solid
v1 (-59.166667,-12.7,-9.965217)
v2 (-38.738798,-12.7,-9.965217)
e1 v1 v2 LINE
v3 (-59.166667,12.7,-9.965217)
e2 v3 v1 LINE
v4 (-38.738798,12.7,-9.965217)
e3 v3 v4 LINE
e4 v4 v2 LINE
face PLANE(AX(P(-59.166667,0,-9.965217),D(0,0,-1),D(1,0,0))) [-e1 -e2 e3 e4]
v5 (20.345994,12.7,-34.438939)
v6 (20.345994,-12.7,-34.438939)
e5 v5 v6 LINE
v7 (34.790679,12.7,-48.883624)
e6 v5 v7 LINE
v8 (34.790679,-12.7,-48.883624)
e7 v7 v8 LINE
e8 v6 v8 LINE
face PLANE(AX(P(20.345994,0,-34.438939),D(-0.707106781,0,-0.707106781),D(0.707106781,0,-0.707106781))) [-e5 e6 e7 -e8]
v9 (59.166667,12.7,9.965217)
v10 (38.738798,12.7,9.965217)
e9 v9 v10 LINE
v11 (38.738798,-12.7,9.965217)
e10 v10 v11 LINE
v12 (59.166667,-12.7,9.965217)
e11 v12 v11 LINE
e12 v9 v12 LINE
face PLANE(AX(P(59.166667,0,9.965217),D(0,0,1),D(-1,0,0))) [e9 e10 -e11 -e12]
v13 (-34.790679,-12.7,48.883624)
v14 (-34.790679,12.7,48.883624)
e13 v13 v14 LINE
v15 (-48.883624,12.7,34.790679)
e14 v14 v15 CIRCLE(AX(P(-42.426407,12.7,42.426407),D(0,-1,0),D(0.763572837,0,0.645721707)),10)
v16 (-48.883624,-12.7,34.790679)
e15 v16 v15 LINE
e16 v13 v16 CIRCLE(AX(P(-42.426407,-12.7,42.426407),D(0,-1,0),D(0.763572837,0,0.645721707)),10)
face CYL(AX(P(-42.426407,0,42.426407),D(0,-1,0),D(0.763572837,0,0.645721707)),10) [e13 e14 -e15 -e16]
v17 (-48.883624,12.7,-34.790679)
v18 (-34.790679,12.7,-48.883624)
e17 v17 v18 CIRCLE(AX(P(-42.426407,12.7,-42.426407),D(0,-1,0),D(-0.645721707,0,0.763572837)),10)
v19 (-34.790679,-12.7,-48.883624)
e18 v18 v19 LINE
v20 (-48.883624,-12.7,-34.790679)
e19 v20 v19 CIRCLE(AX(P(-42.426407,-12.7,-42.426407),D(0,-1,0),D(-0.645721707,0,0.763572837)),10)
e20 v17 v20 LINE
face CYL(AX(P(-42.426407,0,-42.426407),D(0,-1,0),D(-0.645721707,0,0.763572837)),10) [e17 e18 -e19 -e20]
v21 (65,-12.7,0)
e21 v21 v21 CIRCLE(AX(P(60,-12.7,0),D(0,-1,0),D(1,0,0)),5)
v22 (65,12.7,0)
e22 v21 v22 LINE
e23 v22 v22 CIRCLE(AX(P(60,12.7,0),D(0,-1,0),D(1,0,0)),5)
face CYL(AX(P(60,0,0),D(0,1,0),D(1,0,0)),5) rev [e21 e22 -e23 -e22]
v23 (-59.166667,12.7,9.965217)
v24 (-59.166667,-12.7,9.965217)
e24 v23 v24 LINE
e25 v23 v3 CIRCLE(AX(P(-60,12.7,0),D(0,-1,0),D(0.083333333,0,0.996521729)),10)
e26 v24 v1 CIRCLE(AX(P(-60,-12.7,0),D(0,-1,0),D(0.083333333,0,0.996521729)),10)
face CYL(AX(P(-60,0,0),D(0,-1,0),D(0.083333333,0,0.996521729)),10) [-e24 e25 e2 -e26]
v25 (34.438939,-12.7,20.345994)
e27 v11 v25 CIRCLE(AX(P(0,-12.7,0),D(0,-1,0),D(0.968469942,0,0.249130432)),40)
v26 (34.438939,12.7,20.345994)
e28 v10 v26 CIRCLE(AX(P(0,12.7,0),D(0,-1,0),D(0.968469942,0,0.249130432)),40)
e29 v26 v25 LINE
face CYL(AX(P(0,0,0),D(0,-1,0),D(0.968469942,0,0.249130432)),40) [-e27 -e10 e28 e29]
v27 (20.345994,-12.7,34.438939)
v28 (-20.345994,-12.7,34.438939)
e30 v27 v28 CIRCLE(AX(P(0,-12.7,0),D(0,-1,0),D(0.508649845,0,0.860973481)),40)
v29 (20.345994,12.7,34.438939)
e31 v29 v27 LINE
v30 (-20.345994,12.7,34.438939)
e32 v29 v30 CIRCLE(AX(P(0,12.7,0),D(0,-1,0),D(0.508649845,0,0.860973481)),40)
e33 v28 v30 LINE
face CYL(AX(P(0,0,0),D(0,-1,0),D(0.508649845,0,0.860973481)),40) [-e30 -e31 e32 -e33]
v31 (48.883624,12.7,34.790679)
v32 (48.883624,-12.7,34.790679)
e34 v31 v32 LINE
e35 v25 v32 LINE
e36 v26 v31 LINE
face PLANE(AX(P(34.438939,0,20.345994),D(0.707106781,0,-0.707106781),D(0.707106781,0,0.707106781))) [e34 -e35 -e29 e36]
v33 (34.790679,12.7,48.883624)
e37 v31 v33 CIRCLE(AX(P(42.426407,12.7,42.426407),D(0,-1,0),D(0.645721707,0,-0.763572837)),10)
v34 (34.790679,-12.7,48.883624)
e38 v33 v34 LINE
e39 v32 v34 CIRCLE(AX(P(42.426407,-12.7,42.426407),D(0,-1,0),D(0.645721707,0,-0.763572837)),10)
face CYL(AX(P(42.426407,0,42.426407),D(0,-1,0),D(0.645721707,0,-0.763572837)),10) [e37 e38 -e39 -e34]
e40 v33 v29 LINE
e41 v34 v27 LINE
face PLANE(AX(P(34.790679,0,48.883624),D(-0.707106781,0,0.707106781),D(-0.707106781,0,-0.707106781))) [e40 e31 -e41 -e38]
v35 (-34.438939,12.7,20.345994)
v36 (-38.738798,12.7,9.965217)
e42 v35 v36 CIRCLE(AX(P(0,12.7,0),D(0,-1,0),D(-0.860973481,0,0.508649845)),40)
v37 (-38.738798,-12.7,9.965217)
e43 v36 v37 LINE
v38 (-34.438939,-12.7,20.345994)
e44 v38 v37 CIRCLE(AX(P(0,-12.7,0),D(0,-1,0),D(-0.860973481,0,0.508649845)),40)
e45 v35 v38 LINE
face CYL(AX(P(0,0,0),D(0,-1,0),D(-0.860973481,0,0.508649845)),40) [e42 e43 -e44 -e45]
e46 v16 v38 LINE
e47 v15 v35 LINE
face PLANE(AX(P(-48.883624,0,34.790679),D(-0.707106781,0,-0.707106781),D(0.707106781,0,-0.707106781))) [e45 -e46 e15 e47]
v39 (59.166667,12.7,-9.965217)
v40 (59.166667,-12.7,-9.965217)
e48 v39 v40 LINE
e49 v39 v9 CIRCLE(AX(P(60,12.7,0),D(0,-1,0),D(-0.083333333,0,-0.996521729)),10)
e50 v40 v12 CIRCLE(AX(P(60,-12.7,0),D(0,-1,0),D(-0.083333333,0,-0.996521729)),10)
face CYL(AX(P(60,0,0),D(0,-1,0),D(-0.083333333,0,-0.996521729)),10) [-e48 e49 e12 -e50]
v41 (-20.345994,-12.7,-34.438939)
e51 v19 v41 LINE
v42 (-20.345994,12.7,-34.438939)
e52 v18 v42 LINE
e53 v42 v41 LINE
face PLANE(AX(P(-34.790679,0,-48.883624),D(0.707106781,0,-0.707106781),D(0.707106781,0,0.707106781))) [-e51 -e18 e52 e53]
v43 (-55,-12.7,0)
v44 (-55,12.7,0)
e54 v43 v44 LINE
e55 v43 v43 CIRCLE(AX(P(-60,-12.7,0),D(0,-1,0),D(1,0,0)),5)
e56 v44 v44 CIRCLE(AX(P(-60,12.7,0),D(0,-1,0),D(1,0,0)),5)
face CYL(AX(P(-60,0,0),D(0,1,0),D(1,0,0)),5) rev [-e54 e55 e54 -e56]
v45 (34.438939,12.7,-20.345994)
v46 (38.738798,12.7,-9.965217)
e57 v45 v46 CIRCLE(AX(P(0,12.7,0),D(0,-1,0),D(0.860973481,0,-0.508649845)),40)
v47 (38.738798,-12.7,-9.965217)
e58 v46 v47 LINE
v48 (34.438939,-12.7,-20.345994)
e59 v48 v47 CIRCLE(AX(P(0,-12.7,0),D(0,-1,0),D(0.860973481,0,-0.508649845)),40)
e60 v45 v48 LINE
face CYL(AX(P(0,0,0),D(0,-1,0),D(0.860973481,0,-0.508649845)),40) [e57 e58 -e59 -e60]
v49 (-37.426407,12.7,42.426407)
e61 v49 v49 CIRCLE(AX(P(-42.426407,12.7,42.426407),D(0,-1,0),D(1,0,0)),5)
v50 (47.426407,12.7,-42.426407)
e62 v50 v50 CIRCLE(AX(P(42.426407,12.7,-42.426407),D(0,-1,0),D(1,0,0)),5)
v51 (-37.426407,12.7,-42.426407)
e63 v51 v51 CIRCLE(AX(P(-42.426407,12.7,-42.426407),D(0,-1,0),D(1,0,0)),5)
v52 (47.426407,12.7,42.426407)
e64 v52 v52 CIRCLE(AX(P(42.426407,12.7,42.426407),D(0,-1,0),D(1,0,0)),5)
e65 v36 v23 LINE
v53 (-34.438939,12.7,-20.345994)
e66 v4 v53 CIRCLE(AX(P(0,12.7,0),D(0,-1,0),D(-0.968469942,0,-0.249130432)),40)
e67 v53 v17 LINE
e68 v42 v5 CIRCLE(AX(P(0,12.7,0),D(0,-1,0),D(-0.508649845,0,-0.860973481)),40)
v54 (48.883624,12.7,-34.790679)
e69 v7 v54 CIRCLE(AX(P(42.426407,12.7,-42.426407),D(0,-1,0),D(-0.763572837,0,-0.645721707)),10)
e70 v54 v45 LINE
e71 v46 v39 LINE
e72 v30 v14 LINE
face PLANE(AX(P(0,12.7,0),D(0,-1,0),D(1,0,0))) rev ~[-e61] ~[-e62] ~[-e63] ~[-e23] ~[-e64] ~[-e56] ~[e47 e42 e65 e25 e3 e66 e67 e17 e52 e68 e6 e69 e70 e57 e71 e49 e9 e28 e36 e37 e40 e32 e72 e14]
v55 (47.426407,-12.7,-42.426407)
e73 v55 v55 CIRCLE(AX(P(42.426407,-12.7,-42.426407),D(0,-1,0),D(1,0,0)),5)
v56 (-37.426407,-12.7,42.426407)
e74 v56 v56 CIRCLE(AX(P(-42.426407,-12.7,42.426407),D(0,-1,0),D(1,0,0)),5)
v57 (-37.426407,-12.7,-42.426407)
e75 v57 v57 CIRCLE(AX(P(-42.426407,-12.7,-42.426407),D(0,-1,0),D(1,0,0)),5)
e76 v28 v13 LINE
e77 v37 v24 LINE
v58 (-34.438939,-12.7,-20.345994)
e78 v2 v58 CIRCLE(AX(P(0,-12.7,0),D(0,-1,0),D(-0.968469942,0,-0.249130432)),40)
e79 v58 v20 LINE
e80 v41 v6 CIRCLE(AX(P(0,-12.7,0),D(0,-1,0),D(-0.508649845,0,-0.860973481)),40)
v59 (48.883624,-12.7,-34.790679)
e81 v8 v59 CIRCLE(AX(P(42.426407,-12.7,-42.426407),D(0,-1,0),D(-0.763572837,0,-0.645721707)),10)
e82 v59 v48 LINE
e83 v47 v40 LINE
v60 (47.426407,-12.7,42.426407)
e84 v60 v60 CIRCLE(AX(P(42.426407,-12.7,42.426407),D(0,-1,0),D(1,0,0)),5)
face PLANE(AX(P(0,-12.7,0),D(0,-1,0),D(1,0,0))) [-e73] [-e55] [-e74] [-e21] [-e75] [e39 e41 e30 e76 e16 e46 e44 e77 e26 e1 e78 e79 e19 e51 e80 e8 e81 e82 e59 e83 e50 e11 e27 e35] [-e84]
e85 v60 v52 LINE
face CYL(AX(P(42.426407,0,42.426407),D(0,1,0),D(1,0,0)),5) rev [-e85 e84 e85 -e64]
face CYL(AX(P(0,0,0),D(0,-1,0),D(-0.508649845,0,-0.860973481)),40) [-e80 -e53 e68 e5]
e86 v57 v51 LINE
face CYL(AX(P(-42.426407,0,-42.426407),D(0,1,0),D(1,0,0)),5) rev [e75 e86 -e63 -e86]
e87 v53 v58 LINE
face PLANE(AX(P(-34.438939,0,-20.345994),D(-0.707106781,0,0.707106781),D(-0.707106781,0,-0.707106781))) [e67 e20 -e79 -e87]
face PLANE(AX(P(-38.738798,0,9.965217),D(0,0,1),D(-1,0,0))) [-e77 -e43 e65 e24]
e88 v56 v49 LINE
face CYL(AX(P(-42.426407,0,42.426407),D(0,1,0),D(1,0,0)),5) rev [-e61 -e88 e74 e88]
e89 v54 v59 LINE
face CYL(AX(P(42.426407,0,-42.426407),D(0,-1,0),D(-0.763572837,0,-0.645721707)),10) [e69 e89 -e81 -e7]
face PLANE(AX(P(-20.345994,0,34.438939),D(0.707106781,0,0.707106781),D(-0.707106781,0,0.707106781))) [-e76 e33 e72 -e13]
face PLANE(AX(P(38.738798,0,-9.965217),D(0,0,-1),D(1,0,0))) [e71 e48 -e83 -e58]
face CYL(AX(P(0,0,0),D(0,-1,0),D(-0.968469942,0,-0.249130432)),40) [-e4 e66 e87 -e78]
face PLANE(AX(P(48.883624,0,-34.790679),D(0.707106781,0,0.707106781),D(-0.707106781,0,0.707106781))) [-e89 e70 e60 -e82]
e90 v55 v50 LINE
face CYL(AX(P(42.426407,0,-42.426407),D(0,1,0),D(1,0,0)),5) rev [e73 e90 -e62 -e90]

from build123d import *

# Parameters (mm, degrees)
F0_R     = 5
F0_R_2   = 30
F1_DEPTH = 12.7


with BuildPart() as f1:
    # F0 (on Front) → F1 (new body, symmetric)
    with BuildSketch(Plane.XZ):
        with BuildLine():
            Line((-48.8836239391, 34.7906785013), (-34.438939242, 20.3459938043))
            ThreePointArc((-34.438939242, 20.3459938043), (-36.9551813005, 15.3073372946), (-38.7387976639, 9.9652172859))
            Line((-38.7387976639, 9.9652172859), (-59.1666666667, 9.9652172859))
            ThreePointArc((-59.1666666667, 9.9652172859), (-70, 0), (-59.1666666667, -9.9652172859))
            Line((-59.1666666667, -9.9652172859), (-38.7387976639, -9.9652172859))
            ThreePointArc((-38.7387976639, -9.9652172859), (-36.9551813005, -15.3073372946), (-34.438939242, -20.3459938043))
            Line((-34.438939242, -20.3459938043), (-48.8836239391, -34.7906785013))
            ThreePointArc((-48.8836239391, -34.7906785013), (-49.4974746831, -49.4974746831), (-34.7906785013, -48.8836239391))
            Line((-34.7906785013, -48.8836239391), (-20.3459938043, -34.438939242))
            ThreePointArc((-20.3459938043, -34.438939242), (0, -40), (20.3459938043, -34.438939242))
            Line((20.3459938043, -34.438939242), (34.7906785013, -48.8836239391))
            ThreePointArc((34.7906785013, -48.8836239391), (49.4974746831, -49.4974746831), (48.8836239391, -34.7906785013))
            Line((48.8836239391, -34.7906785013), (34.438939242, -20.3459938043))
            ThreePointArc((34.438939242, -20.3459938043), (36.9551813005, -15.3073372946), (38.7387976639, -9.9652172859))
            Line((38.7387976639, -9.9652172859), (59.1666666667, -9.9652172859))
            ThreePointArc((59.1666666667, -9.9652172859), (70, 0), (59.1666666667, 9.9652172859))
            Line((59.1666666667, 9.9652172859), (38.7387976639, 9.9652172859))
            ThreePointArc((38.7387976639, 9.9652172859), (36.9551813005, 15.3073372946), (34.438939242, 20.3459938043))
            Line((34.438939242, 20.3459938043), (48.8836239391, 34.7906785013))
            ThreePointArc((48.8836239391, 34.7906785013), (49.4974746831, 49.4974746831), (34.7906785013, 48.8836239391))
            Line((34.7906785013, 48.8836239391), (20.3459938043, 34.438939242))
            ThreePointArc((20.3459938043, 34.438939242), (0, 40), (-20.3459938043, 34.438939242))
            Line((-20.3459938043, 34.438939242), (-34.7906785013, 48.8836239391))
            ThreePointArc((-34.7906785013, 48.8836239391), (-49.4974746831, 49.4974746831), (-48.8836239391, 34.7906785013))
        make_face()
        with Locations((-42.4264068712, -42.4264068712)):
            Circle(F0_R, mode=Mode.SUBTRACT)
        with Locations((42.4264068712, -42.4264068712)):
            Circle(F0_R, mode=Mode.SUBTRACT)
        with Locations((-60, 0)):
            Circle(F0_R, mode=Mode.SUBTRACT)
        with Locations((-42.4264068712, 42.4264068712)):
            Circle(F0_R, mode=Mode.SUBTRACT)
        Circle(F0_R_2, mode=Mode.SUBTRACT)
        with Locations((60, 0)):
            Circle(F0_R, mode=Mode.SUBTRACT)
        with Locations((42.4264068712, 42.4264068712)):
            Circle(F0_R, mode=Mode.SUBTRACT)
        Circle(F0_R_2)
    extrude(amount=F1_DEPTH, both=True)


solid = f1.part
